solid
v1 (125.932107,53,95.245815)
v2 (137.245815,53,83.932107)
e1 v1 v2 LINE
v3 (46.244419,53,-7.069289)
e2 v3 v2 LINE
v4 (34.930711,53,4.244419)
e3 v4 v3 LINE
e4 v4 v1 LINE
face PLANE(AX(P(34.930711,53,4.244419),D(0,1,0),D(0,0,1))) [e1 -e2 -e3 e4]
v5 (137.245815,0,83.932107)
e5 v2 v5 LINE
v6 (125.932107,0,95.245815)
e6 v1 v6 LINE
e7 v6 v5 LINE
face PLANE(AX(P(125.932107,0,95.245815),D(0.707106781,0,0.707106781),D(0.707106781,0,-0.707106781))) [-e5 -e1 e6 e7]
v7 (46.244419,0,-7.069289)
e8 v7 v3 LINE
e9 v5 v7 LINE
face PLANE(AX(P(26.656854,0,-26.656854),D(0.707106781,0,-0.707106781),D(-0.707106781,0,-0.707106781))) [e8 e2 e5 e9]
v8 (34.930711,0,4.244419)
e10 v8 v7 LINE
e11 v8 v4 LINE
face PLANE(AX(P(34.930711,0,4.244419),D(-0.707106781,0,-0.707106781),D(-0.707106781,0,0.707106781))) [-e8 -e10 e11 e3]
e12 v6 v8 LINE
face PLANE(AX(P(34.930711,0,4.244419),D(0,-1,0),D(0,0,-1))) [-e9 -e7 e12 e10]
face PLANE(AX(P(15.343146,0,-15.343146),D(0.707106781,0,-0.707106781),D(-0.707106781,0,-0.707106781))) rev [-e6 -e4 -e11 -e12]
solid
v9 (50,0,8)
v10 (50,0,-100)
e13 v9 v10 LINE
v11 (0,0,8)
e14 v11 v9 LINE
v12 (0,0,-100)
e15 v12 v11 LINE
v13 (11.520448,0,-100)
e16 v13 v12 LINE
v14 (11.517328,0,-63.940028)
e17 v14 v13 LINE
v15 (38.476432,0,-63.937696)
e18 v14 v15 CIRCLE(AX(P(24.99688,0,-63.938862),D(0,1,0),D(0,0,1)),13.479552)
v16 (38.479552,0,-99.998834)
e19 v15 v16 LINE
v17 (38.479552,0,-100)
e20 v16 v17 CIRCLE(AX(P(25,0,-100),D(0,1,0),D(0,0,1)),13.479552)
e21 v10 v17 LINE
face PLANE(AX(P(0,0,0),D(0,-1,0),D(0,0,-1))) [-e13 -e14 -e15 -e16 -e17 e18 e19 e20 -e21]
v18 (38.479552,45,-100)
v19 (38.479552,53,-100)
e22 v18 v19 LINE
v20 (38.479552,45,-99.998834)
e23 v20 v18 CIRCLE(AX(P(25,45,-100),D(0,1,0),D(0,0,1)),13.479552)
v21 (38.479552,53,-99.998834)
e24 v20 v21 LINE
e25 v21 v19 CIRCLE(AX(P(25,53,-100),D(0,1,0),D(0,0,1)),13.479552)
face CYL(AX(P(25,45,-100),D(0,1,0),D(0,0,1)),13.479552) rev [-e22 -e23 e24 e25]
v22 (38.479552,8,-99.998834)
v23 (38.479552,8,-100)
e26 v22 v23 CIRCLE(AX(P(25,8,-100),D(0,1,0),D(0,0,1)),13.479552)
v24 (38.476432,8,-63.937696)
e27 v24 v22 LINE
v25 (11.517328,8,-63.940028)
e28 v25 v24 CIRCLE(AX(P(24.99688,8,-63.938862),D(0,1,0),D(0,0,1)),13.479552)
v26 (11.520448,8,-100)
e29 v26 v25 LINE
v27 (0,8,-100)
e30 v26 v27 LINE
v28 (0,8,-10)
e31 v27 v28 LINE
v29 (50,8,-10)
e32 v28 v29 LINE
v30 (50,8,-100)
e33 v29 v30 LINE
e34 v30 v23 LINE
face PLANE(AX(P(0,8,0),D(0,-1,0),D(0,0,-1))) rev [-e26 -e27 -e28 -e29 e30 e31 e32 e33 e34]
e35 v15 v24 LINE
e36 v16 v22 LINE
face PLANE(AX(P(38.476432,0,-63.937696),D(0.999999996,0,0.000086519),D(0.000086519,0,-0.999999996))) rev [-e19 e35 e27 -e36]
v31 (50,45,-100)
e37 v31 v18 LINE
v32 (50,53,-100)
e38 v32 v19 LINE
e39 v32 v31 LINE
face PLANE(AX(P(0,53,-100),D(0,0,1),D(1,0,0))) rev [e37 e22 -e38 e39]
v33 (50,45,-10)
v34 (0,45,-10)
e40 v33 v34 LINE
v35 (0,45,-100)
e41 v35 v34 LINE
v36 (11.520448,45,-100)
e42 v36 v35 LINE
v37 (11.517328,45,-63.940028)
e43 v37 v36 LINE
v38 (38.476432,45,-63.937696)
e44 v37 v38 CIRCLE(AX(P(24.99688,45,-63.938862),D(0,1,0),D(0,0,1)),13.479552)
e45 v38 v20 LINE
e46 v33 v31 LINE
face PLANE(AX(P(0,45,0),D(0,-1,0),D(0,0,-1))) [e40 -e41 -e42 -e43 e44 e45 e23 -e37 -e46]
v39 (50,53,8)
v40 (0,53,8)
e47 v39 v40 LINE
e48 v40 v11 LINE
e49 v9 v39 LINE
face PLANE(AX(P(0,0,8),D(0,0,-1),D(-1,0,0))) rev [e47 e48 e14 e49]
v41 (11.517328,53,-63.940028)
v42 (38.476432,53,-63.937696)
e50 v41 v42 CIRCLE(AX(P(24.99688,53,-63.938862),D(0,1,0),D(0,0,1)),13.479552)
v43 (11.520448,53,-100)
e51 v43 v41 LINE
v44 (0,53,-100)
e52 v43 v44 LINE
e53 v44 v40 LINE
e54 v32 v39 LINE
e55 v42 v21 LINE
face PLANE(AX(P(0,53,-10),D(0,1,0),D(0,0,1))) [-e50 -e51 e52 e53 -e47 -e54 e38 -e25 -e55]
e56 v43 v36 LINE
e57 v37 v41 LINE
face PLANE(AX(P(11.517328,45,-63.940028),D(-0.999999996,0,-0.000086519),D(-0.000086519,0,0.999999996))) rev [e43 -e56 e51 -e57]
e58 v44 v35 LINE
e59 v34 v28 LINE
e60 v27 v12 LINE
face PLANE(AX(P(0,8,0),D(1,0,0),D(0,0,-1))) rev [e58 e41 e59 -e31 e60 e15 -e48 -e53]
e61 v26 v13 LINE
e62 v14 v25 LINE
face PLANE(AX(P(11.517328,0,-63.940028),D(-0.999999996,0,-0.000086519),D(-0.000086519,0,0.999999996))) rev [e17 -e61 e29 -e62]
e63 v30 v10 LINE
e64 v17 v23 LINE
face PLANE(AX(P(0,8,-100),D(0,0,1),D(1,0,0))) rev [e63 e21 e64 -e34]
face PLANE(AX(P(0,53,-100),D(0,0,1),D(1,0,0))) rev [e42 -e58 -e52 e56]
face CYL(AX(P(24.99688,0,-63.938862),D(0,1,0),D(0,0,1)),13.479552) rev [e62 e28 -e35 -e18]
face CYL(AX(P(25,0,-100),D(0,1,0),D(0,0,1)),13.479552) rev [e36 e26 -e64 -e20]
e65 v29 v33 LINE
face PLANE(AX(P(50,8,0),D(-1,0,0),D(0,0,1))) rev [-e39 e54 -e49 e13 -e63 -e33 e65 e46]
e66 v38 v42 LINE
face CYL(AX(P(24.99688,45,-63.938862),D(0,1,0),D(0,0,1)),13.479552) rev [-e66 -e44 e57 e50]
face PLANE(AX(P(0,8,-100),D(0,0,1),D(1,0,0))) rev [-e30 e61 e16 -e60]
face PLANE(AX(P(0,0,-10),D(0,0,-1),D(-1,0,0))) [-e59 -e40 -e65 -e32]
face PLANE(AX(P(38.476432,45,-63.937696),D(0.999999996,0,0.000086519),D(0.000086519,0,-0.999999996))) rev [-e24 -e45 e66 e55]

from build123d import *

# Parameters (mm, degrees)
SKETCH1_W                = 50
SKETCH1_H                = 100
BOSS_EXTRUDE1_DEPTH      = 8
CUT_EXTRUDE1_DEPTH       = 8
LPATTERN1_COUNT          = 2
LPATTERN1_PITCH          = 45
BOSS_EXTRUDE2_DEPTH      = 8
BOSS_EXTRUDE2_DEPTH_BACK = 10
SKETCH3_W                = 50
SKETCH3_H                = 53
BOSS_EXTRUDE3_DEPTH      = 8
BOSS_EXTRUDE3_DEPTH_BACK = 8
SKETCH4_W                = 128.695408592
SKETCH4_H                = 53


with BuildPart() as part:
    # Sketch1 → Boss-Extrude1 (new body)
    with BuildSketch(Plane(origin=(0, 0, 0), x_dir=(1, 0, 0), z_dir=(0, 1, 0))):
        with Locations((25, 50)):
            Rectangle(SKETCH1_W, SKETCH1_H)
    extrude(amount=BOSS_EXTRUDE1_DEPTH)

    # Sketch2 → Cut-Extrude1 (cut)
    with BuildSketch(Plane(origin=(0, 8, 0), x_dir=(1, 0, 0), z_dir=(0, 1, 0))):
        with BuildLine():
            Line((11.517328483, 63.940028427), (11.520448458, 100.001166238))
            ThreePointArc((11.520448458, 100.001166238), (25.001166238, 113.479551542), (38.479551542, 99.998833762))
            Line((38.479551542, 99.998833762), (38.476431567, 63.937695952))
            ThreePointArc((38.476431567, 63.937695952), (24.995713787, 50.459310648), (11.517328483, 63.940028427))
        make_face()
    extrude(amount=-CUT_EXTRUDE1_DEPTH, mode=Mode.SUBTRACT)


with BuildPart() as lpattern1_1:
    # LPattern1: pattern copy
    add(part.part.moved(Location(Vector(0, 1, 0) * (1 * LPATTERN1_PITCH))))


with BuildPart() as part_1:
    add(part.part)

    add(lpattern1_1.part)  # Boss-Extrude2 merges LPattern1_1
    # Sketch3 → Boss-Extrude2 (add, two sides: drawn at the far end of the back side and taken through both)
    with BuildSketch(Plane.XY.offset(-BOSS_EXTRUDE2_DEPTH_BACK)):
        with Locations((25, 26.5)):
            Rectangle(SKETCH3_W, SKETCH3_H)
    extrude(amount=BOSS_EXTRUDE2_DEPTH + BOSS_EXTRUDE2_DEPTH_BACK)


with BuildPart() as body_2:
    # Sketch4 → Boss-Extrude3 (new, two sides: drawn at the far end of the back side and taken through both)
    with BuildSketch(Plane(origin=(21, 0, -21), x_dir=(-0.7071067811865476, 0, -0.7071067811865475), z_dir=(0.7071067811865475, 0, -0.7071067811865476)).offset(-BOSS_EXTRUDE3_DEPTH_BACK)):
        with Locations((-92.048704228, 26.5)):
            Rectangle(SKETCH4_W, SKETCH4_H)
    extrude(amount=BOSS_EXTRUDE3_DEPTH + BOSS_EXTRUDE3_DEPTH_BACK)


solid = Compound([part_1.part, body_2.part])
